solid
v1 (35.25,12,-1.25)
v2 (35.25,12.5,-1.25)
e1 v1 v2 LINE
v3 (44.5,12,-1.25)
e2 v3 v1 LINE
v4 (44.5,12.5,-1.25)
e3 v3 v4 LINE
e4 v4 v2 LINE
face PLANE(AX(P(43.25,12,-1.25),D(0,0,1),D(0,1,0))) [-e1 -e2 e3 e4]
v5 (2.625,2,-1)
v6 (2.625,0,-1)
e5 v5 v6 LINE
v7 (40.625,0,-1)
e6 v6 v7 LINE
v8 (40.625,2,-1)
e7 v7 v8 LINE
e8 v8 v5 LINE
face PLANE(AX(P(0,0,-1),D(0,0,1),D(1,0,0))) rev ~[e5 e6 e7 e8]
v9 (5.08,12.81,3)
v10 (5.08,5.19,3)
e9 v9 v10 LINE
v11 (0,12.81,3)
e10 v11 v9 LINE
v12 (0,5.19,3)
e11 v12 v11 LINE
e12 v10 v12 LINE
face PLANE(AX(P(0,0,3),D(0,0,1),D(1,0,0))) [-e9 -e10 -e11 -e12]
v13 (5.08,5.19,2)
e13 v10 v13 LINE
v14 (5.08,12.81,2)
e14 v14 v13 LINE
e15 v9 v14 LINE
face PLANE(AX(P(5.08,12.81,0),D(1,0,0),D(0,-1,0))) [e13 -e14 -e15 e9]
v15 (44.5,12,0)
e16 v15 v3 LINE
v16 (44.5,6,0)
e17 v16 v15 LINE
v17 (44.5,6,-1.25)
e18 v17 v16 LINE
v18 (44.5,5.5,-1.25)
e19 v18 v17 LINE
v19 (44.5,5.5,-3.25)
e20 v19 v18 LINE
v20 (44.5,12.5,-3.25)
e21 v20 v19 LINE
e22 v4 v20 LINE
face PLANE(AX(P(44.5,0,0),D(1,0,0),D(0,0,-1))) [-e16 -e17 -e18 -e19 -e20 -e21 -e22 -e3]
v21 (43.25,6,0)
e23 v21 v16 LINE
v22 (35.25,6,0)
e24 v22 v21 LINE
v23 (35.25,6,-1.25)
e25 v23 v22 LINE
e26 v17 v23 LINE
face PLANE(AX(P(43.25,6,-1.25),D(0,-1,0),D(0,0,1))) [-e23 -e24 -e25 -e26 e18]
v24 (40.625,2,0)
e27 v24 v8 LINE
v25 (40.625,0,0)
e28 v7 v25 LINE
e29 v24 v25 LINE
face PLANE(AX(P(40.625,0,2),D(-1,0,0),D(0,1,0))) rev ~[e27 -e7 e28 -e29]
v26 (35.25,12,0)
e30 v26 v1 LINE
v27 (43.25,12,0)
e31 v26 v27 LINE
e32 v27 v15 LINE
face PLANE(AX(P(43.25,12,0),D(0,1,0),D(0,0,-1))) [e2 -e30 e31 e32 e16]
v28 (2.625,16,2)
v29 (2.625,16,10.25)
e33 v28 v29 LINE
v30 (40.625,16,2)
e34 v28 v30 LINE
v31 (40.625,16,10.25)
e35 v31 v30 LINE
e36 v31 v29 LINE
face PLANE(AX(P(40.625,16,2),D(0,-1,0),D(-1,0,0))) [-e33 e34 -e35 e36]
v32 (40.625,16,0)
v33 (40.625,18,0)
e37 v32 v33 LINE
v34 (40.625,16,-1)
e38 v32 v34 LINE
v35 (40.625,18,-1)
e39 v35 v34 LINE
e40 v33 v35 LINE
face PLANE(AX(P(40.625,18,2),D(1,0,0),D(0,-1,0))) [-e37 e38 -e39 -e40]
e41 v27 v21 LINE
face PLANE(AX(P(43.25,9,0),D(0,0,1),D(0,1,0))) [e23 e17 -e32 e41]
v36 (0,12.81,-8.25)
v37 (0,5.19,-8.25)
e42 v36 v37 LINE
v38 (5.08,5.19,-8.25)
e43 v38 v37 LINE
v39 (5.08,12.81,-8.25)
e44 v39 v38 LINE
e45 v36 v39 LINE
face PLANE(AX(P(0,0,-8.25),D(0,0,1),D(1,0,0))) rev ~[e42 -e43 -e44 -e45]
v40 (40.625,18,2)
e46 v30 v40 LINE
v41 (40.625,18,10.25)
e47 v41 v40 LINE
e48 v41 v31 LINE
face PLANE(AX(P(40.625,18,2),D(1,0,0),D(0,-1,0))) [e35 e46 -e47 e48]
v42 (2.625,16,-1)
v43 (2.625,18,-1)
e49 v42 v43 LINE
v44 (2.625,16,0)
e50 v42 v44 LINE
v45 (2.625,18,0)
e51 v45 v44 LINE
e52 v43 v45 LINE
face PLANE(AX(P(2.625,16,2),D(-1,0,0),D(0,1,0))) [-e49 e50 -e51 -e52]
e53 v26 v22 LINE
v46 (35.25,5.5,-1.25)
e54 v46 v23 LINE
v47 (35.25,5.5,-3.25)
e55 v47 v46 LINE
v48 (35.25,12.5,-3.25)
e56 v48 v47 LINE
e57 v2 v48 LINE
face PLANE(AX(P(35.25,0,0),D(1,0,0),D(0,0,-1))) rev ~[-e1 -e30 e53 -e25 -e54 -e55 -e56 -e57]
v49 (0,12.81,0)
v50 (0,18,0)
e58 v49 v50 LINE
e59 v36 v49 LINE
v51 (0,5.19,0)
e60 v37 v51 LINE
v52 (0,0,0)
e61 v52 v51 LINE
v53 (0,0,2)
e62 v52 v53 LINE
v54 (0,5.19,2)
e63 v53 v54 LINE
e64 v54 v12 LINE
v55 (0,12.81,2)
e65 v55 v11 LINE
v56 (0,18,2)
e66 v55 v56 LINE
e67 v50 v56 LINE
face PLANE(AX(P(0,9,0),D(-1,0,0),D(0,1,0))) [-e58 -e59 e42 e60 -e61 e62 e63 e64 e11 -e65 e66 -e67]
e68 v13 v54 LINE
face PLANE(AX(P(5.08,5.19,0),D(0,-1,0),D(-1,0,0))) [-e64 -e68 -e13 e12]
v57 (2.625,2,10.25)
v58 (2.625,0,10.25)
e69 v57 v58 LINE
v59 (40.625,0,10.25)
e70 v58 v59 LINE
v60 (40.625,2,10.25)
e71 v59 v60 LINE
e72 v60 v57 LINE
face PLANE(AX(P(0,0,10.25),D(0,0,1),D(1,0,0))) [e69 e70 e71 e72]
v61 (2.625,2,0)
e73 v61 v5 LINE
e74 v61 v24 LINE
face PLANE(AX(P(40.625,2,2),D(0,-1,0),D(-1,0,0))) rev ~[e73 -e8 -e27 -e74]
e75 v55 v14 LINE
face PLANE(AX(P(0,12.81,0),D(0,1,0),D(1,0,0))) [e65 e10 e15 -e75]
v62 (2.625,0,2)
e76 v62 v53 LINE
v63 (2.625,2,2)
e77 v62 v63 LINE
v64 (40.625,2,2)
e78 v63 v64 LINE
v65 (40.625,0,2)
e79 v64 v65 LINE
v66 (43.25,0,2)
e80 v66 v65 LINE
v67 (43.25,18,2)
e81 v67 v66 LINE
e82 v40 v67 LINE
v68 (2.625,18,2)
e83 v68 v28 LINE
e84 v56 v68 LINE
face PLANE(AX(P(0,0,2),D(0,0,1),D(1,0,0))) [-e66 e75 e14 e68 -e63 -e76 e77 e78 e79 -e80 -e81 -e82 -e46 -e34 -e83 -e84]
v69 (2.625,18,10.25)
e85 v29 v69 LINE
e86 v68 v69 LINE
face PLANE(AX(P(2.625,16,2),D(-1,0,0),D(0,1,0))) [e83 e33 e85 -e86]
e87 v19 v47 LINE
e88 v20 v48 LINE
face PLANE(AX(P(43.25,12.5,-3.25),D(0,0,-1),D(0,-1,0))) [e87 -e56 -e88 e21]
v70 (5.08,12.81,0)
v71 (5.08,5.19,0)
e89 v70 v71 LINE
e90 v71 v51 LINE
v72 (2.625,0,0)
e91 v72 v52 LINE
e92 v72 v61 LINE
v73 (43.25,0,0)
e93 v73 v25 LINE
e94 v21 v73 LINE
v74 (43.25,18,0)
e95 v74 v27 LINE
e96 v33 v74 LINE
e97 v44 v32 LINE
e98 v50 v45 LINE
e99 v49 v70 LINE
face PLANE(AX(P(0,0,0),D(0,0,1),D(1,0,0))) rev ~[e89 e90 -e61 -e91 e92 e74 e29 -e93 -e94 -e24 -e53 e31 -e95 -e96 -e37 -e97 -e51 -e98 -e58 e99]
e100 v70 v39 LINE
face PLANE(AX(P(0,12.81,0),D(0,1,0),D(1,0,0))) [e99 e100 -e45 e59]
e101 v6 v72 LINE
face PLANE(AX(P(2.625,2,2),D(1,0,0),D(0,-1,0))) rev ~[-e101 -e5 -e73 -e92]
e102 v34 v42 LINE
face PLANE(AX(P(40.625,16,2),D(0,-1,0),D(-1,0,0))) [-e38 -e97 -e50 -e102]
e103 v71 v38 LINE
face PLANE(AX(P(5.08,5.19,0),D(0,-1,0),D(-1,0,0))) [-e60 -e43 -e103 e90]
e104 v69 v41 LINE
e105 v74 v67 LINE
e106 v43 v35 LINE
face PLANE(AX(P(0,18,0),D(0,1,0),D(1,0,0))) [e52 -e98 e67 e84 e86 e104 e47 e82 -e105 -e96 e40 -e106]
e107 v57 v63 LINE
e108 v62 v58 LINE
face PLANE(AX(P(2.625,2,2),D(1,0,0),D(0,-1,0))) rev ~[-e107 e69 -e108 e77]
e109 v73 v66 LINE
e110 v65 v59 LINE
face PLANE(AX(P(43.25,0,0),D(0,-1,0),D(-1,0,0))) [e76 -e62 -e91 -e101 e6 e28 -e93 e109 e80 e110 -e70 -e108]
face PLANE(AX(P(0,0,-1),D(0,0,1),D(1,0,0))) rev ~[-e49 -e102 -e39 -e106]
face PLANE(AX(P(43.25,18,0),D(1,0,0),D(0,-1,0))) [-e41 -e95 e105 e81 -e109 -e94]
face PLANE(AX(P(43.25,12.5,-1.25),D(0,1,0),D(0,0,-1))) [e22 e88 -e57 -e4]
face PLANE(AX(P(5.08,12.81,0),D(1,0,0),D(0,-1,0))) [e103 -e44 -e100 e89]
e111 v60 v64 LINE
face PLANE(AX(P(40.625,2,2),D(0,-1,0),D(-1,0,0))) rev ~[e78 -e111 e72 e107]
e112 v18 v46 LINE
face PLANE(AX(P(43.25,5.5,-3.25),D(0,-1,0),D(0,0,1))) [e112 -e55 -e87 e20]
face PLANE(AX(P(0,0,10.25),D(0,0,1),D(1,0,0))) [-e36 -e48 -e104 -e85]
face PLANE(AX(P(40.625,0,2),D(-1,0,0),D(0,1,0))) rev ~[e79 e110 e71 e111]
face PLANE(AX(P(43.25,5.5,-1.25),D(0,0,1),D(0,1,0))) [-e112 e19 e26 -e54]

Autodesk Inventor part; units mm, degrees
ref_plane "YZ Plane" through (0, 0, 0) normal (1, 0, 0) x (0, 1, 0)
ref_plane "XZ Plane" through (0, 0, 0) normal (0, 1, 0) x (-1, 0, 0)
ref_plane "XY Plane" through (0, 0, 0) normal (0, 0, 1) x (1, 0, 0)
sketch "Sketch1" plane through (0, 0, 0) normal (0, 0, 1) x (1, 0, 0)
  line L0 (0, 18) -> (43.25, 18)
  line L1 (43.25, 18) -> (43.25, 0)
  line L2 (43.25, 0) -> (0, 0)
  line L3 (0, 0) -> (0, 9)
  line L4 (0, 12.81) -> (5.08, 12.81)
  line L5 (5.08, 12.81) -> (5.08, 5.19)
  line L6 (5.08, 5.19) -> (0, 5.19)
  line L7 (0, 5.19) -> (0, 9)
  line L8 (0, 9) -> (43.25, 9) construction
  line L9 (0, 9) -> (0, 18)
  line L10 (0, 9) -> (0, 12.81)
  dimension "d0" = 43.25
  dimension "d1" = 18
  dimension "d3" = 7.62
  dimension "d4" = 5.08
extrude "Extrusion1" add sketch "Sketch1" along normal blind 2 contours L0 L1 L2 L3 L6 L5 L4 L9
extrude "Extrusion2" add sketch "Sketch1" along normal blind 3 and the other way blind 8.25 contours L4 L5 L6 L3 L9
sketch "Sketch2" plane through (43.25, 0, 0) normal (1, 0, 0) x (0, 0, -1)
  line L0 (0, 12) -> (1.25, 12)
  line L1 (1.25, 6) -> (0, 6)
  line L2 (0, 6) -> (0, 9)
  line L3 (3.25, 5.5) -> (1.25, 5.5)
  line L4 (1.25, 5.5) -> (1.25, 6)
  line L5 (1.25, 12.5) -> (3.25, 12.5)
  line L6 (3.25, 12.5) -> (3.25, 5.5)
  line L7 (0, 9) -> (3.25, 9) construction
  line L8 (0, 9) -> (0, 12)
  line L9 (1.25, 9) -> (1.25, 12) construction
  line L10 (1.25, 12) -> (1.25, 12.5)
  line L11 (1.25, 6) -> (1.25, 9) construction
  line L12 (0, 18) -> (0, 0) projected
  line L13 (0, 0) -> (0, 18) projected
  point P0 (0, 12.81)
  point P1 (0, 5.19)
  point P2 (0, 9)
  point P3 (0, 9)
  dimension "d9" = 6
  dimension "d10" = 1.25
  dimension "d12" = 7
  dimension "d13" = 2
extrude "Extrusion3" add sketch "Sketch2" along normal blind 1.25 and the other way blind 8
sketch "Sketch3" plane through (0, 0, 2) normal (0, 0, 1) x (1, 0, 0)
  line L0 (2.625, 18) -> (40.625, 18)
  line L1 (40.625, 18) -> (40.625, 16)
  line L2 (40.625, 16) -> (2.625, 16)
  line L3 (2.625, 16) -> (2.625, 18)
  line L4 (0, 18) -> (0, 12.81) projected
  line L5 (2.625, 17) -> (0, 18) construction
  line L6 (40.625, 17) -> (43.25, 18) construction
  line L7 (43.25, 0) -> (43.25, 18) projected
  line L8 (43.25, 9) -> (0, 9) construction
  line L9 (0, 5.19) -> (0, 12.81) projected
  line L10 (2.625, 0) -> (40.625, 0)
  line L11 (40.625, 0) -> (40.625, 2)
  line L12 (40.625, 2) -> (2.625, 2)
  line L13 (2.625, 2) -> (2.625, 0)
  point P0 (0, 0)
  dimension "d20" = 38
  dimension "d21" = 2
extrude "Extrusion4" add sketch "Sketch3" along normal blind 8.25 and the other way blind 3
properties part number "NANO"
